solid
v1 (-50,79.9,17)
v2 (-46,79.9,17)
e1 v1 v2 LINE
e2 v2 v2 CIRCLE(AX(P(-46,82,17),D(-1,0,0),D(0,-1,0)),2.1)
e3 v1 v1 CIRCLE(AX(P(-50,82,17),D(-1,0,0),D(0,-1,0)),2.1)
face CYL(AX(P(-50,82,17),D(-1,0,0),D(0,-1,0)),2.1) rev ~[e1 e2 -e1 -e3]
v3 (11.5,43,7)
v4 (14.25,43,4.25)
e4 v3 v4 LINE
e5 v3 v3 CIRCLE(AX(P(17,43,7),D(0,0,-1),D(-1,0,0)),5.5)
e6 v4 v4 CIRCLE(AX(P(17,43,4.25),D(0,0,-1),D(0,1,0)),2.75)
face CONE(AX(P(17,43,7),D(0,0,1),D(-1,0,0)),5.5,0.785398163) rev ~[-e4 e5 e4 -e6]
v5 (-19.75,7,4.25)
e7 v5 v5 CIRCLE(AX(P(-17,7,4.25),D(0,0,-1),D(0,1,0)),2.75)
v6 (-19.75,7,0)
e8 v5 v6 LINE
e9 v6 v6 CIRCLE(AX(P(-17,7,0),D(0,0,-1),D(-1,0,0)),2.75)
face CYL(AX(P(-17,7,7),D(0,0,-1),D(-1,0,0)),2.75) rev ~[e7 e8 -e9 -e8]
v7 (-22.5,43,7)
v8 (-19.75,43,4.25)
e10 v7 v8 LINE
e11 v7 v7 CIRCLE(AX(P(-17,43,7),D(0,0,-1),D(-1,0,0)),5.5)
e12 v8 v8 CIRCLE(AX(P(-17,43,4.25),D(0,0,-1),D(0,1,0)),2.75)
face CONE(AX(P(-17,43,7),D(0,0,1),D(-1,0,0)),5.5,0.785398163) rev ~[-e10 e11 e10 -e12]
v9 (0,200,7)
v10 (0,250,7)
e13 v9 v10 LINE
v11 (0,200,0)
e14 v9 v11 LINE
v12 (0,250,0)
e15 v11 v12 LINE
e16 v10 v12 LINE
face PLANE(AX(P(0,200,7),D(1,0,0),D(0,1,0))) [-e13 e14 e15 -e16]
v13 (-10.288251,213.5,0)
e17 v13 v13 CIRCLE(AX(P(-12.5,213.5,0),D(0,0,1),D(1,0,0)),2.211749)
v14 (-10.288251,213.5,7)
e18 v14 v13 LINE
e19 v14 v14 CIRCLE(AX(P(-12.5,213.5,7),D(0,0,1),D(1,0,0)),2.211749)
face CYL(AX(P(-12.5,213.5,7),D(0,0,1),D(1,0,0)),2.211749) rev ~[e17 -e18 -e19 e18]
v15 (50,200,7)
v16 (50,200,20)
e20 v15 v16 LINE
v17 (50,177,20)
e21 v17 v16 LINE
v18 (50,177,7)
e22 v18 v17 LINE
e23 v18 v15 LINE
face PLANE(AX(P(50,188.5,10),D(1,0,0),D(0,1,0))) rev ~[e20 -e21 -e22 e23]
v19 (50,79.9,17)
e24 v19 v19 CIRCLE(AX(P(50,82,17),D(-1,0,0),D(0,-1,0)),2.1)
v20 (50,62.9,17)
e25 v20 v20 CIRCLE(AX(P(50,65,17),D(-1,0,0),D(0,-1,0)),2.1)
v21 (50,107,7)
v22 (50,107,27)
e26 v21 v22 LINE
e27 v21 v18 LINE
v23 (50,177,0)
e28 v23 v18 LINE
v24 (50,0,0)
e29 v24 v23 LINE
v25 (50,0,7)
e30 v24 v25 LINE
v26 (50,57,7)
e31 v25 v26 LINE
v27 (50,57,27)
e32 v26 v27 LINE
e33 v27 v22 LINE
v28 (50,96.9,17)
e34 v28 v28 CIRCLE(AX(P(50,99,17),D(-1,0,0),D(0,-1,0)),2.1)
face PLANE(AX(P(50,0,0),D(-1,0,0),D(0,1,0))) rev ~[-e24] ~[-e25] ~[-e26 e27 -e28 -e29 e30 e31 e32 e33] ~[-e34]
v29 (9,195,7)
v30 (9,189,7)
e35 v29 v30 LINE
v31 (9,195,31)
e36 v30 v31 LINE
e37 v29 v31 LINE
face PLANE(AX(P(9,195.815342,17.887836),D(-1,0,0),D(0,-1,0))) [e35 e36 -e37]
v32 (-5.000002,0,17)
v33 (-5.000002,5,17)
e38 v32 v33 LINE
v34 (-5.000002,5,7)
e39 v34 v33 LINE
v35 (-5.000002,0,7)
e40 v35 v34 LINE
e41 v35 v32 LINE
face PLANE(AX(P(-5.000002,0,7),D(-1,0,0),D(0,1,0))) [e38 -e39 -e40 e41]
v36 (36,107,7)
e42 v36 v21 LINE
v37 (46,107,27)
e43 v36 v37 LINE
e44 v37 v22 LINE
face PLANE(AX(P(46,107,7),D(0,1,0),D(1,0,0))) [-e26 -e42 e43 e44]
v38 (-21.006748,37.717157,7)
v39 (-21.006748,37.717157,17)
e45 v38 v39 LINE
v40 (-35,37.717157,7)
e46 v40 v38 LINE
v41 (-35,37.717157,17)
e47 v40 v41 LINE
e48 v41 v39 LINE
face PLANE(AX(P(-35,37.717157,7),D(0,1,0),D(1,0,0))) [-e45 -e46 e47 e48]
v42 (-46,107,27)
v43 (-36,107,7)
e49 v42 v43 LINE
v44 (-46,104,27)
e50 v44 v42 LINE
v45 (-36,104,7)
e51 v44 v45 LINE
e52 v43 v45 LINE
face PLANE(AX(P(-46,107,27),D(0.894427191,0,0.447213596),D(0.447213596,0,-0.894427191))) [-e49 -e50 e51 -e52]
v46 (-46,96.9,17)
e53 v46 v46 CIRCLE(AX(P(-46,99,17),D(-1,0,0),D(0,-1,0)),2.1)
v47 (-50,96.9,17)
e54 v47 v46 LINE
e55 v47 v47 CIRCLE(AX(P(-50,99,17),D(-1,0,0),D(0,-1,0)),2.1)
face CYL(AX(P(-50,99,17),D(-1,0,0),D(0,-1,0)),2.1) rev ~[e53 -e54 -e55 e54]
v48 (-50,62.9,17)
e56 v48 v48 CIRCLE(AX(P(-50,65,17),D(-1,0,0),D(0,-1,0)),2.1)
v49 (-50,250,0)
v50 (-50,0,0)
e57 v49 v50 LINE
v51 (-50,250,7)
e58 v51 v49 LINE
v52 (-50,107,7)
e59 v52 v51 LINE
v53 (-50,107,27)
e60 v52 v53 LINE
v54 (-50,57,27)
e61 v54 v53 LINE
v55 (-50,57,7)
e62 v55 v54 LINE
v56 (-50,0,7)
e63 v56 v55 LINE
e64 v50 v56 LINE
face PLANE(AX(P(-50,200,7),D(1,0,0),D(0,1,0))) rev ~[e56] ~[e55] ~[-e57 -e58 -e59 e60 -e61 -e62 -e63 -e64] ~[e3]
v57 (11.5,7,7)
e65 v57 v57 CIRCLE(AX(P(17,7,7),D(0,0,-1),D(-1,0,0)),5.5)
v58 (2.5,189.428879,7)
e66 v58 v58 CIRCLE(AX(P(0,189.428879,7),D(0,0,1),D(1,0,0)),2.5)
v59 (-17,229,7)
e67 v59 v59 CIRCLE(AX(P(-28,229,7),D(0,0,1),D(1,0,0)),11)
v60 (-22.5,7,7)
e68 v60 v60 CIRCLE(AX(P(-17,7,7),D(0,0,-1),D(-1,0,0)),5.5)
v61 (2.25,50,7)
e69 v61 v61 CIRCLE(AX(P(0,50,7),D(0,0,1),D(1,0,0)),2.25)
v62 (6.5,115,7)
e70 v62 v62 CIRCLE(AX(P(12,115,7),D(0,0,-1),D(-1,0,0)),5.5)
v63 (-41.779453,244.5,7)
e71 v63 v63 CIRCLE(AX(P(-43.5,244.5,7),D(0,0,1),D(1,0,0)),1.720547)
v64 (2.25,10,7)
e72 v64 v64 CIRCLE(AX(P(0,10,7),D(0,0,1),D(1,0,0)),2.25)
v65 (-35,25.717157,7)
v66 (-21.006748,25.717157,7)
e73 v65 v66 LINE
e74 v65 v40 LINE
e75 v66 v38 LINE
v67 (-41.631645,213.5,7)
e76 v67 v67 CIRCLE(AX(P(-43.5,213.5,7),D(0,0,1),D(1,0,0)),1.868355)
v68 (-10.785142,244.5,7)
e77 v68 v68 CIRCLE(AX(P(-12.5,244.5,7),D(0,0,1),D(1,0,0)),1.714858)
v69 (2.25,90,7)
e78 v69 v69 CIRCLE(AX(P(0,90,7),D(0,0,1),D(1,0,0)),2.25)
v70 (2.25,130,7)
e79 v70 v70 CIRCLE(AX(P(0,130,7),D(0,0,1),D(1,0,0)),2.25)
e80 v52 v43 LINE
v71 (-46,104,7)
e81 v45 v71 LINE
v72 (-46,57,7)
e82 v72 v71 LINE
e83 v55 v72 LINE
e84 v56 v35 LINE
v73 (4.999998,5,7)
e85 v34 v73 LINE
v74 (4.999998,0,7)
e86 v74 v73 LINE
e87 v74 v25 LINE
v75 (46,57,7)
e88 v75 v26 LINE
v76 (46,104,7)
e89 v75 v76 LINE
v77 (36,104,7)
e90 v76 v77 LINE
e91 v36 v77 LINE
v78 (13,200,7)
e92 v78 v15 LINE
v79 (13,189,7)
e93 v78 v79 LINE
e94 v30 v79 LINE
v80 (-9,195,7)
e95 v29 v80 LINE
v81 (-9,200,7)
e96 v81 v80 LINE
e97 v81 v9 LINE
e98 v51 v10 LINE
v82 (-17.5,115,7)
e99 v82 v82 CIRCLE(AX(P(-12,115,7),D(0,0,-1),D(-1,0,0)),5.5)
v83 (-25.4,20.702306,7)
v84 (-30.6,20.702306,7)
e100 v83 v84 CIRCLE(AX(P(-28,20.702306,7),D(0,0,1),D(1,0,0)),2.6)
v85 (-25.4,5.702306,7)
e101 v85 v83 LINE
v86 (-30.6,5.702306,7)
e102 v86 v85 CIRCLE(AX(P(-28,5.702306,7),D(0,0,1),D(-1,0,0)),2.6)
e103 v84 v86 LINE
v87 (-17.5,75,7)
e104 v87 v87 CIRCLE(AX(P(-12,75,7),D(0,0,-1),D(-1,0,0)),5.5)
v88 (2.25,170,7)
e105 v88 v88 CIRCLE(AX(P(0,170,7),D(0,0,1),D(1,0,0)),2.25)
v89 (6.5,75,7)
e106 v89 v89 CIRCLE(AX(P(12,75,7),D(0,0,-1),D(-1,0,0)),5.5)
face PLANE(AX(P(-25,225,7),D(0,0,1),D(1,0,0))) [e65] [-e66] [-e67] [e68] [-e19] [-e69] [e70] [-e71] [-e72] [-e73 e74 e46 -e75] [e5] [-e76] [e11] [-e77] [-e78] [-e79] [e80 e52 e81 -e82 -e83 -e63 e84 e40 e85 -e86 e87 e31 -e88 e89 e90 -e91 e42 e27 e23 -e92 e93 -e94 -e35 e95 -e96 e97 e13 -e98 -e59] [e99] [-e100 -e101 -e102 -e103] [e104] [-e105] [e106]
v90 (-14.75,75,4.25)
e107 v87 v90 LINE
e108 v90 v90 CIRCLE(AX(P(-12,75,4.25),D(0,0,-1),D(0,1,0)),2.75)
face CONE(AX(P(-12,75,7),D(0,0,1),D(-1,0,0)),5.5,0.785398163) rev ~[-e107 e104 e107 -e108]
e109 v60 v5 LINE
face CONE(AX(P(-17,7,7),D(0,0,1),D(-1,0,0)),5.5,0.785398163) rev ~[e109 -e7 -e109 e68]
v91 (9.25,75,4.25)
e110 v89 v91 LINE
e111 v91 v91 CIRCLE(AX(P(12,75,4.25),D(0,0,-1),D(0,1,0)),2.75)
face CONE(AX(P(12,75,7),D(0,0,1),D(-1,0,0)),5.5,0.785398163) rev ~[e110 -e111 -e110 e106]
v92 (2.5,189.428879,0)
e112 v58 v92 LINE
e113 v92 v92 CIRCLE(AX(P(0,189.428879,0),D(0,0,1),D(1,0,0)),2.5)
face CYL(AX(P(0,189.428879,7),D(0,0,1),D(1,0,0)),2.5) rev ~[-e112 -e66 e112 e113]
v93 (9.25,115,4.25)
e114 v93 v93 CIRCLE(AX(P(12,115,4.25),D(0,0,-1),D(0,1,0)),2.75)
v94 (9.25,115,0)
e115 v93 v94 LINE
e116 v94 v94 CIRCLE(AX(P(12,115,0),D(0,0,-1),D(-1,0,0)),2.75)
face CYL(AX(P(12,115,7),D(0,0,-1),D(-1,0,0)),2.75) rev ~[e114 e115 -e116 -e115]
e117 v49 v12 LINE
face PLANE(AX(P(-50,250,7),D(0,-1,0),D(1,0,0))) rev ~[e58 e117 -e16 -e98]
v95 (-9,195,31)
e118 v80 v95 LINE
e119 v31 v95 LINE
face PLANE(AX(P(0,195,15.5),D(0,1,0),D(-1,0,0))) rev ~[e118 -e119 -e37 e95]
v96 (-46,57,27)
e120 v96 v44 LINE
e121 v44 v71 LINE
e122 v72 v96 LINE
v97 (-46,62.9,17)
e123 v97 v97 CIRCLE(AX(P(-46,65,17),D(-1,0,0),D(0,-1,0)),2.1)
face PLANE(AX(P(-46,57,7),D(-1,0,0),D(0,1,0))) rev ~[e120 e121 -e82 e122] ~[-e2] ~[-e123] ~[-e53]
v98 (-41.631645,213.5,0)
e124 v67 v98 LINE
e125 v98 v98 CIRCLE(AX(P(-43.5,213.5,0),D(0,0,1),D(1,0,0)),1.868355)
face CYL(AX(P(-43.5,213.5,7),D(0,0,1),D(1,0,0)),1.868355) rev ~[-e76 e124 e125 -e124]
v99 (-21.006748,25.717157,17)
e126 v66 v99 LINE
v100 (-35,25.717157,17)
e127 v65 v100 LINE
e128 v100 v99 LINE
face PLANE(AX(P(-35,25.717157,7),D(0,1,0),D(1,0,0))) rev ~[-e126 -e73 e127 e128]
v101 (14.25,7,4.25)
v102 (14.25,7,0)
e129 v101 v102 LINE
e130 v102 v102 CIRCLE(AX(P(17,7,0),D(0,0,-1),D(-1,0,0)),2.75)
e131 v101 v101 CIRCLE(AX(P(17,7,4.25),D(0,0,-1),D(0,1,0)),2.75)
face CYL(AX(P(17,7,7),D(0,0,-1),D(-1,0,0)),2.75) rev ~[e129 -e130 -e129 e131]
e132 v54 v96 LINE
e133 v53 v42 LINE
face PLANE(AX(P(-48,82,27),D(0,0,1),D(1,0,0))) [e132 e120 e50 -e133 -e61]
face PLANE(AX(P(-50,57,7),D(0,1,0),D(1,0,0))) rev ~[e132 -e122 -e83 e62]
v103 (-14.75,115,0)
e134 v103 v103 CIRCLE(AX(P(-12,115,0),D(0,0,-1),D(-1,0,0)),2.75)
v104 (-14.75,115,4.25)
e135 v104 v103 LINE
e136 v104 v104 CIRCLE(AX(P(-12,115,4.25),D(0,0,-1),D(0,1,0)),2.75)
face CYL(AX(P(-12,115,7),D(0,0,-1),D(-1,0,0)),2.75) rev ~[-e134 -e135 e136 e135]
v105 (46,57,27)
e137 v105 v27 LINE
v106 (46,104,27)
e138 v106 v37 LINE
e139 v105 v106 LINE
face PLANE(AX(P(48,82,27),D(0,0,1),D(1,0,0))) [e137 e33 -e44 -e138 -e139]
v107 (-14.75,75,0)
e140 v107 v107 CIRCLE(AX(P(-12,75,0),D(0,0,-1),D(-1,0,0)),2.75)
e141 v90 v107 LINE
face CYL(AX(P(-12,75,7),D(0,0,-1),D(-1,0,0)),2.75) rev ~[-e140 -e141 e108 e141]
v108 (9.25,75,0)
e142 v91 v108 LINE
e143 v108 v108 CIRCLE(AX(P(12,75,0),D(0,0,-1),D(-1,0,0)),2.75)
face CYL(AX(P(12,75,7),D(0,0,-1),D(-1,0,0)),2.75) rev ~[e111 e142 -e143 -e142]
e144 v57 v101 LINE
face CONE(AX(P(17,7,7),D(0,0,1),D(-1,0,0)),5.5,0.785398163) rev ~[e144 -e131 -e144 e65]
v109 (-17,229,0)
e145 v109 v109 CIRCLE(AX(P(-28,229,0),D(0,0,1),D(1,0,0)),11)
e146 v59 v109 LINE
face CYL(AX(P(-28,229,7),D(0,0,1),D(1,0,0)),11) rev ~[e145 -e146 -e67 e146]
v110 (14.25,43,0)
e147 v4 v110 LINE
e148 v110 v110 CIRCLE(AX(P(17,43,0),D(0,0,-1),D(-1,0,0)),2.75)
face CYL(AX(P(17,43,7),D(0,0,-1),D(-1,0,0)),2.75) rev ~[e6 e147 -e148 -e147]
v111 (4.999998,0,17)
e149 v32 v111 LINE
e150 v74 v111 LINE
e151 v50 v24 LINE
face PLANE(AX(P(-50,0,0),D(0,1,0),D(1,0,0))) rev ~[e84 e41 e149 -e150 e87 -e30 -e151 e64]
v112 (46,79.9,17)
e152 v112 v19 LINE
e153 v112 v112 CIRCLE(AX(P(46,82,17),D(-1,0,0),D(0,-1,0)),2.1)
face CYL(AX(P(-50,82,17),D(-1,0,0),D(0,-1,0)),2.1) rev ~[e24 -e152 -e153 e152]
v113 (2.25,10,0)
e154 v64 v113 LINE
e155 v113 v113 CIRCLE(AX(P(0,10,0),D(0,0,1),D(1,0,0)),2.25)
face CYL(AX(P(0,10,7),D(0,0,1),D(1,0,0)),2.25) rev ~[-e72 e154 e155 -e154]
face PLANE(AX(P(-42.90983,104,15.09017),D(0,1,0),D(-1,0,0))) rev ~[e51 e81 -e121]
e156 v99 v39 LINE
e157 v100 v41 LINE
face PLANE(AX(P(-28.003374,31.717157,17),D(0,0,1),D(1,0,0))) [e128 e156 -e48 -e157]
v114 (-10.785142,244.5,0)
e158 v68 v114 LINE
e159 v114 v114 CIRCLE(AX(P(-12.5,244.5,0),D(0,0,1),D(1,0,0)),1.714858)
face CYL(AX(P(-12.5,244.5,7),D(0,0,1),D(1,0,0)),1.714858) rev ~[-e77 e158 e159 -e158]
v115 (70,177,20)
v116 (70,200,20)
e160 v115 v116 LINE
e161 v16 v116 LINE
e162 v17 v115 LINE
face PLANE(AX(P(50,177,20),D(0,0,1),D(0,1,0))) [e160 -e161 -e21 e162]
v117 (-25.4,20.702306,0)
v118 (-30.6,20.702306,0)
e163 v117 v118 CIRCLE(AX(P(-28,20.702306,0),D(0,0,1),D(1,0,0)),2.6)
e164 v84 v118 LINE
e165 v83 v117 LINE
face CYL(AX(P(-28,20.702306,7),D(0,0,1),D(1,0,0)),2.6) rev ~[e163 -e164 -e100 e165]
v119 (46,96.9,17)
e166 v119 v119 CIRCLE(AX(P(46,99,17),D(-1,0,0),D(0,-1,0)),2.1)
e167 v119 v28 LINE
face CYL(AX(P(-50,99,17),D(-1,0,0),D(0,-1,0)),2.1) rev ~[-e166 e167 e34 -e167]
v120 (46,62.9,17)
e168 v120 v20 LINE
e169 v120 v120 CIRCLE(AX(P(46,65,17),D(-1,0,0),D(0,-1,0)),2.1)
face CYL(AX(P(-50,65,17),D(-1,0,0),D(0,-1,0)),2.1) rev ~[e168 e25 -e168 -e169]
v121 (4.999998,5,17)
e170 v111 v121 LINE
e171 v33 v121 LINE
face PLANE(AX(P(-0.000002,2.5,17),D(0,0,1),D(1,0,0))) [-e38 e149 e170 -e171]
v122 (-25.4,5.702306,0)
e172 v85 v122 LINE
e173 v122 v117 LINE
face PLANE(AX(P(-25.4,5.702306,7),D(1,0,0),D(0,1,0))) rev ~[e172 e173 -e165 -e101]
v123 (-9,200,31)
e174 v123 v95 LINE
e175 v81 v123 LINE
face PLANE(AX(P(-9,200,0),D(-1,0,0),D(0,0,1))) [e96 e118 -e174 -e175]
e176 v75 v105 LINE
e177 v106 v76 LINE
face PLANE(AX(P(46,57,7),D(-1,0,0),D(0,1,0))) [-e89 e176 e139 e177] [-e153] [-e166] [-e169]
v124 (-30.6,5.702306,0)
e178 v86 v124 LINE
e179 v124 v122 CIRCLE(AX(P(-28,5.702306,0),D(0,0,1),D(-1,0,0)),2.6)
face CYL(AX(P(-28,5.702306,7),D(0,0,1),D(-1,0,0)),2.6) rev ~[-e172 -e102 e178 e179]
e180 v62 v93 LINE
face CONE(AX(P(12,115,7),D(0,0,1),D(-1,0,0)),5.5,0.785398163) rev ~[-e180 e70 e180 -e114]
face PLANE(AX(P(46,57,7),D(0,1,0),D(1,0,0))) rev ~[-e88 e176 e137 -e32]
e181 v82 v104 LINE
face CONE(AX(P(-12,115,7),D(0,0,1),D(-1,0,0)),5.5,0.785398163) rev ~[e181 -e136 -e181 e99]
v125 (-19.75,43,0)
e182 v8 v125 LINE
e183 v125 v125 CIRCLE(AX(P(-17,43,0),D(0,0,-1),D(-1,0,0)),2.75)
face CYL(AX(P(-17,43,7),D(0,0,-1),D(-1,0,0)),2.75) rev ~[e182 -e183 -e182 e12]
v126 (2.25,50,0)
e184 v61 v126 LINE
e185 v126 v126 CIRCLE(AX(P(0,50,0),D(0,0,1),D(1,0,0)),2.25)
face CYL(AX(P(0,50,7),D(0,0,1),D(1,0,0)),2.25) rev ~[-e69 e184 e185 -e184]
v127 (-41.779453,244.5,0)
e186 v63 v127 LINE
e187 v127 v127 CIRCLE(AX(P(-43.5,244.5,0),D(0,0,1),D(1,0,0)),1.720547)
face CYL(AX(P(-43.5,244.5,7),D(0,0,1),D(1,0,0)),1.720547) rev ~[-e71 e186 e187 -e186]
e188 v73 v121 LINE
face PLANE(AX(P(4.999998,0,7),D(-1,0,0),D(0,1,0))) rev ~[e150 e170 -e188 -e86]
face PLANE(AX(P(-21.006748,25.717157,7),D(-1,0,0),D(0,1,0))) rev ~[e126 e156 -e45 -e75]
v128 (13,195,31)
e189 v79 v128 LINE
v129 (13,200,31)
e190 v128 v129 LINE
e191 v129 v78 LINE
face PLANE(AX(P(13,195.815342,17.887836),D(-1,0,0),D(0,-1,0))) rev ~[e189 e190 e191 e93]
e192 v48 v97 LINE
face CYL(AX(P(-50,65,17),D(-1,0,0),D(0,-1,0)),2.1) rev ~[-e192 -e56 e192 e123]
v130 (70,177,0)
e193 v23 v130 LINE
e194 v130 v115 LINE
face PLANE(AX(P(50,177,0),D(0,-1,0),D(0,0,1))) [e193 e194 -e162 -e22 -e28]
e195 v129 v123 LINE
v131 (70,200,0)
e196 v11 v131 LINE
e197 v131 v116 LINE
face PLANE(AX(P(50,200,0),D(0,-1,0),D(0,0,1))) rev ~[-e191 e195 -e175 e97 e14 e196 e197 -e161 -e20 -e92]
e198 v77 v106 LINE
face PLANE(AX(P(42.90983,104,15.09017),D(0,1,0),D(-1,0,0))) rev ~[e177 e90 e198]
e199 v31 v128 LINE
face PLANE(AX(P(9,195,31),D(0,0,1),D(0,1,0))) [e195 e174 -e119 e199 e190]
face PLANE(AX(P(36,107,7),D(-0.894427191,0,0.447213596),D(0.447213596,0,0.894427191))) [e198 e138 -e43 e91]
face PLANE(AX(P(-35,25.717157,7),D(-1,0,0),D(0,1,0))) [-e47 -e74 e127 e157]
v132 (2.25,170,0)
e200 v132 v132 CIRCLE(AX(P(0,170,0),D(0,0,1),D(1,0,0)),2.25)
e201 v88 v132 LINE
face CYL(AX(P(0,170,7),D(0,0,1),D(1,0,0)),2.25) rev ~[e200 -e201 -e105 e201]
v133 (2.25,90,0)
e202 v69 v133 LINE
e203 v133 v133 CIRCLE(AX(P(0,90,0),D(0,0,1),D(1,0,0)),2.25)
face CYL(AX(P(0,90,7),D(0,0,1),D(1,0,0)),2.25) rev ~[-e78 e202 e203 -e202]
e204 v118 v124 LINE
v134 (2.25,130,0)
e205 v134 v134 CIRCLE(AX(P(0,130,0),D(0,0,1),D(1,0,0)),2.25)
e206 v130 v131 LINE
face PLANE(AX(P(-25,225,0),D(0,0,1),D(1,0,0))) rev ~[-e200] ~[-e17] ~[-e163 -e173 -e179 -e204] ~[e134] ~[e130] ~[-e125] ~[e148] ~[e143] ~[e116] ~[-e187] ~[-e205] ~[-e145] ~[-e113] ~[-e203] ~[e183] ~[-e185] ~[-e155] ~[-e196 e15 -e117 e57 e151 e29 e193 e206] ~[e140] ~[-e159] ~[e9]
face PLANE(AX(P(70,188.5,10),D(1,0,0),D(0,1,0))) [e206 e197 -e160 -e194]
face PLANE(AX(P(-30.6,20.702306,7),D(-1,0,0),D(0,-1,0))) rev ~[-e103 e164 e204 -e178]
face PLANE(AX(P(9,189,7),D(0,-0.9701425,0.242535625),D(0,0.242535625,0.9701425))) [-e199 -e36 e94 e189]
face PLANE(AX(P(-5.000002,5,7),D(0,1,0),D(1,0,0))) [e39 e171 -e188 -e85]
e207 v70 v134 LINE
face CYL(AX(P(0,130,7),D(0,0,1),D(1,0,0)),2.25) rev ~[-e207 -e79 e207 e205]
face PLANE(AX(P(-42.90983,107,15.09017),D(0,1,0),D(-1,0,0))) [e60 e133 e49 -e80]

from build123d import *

# Parameters (mm, degrees)
SKETCH_W         = 100
SKETCH_H         = 200
PAD_DEPTH        = 7
HOLE_D           = 5.5
HOLE_CSINK_D     = 11
HOLE_CSINK_ANGLE = 90
SKETCH002_R      = 2.25
HOLE001_DEPTH    = 7.001
SKETCH003_W      = 10
SKETCH003_H      = 5
PAD001_DEPTH     = 10
SKETCH005_W      = 4
SKETCH005_H      = 50
PAD002_DEPTH     = 20
PAD009_DEPTH     = 3
PAD010_DEPTH     = 3
SKETCH019_W      = 13.993252
SKETCH019_H      = 12
PAD011_DEPTH     = 10
SKETCH020_R      = 2
POCKET001_DEPTH  = 14
SKETCH022_W      = 18
SKETCH022_H      = 31
PAD012_DEPTH     = 5
PAD013_DEPTH     = 4
SKETCH024_R      = 2.5
POCKET003_DEPTH  = 7
SKETCH026_W      = 23
SKETCH026_H      = 20
PAD014_DEPTH     = 20
SKETCH034_R      = 2.1
POCKET008_DEPTH  = 120
SKETCH035_W      = 50
SKETCH035_H      = 50
SKETCH035_R      = 11
SKETCH035_R_2    = 1.720547
SKETCH035_R_3    = 1.714858
SKETCH035_R_4    = 2.211749
SKETCH035_R_5    = 1.868355
PAD015_DEPTH     = 7
POCKET_DEPTH     = 7


with BuildPart() as part:
    # Sketch → Pad (new body)
    with BuildSketch(Plane.XY):
        with Locations((0, 100)):
            Rectangle(SKETCH_W, SKETCH_H)
    extrude(amount=PAD_DEPTH)

    # Hole (through all)
    with Locations(Plane.XY.offset(7)):
        with Locations((17, 7), (17, 43), (-17, 43), (-17, 7), (12, 115), (12, 75), (-12, 115), (-12, 75)):
            CounterSinkHole(HOLE_D / 2, HOLE_CSINK_D / 2, counter_sink_angle=HOLE_CSINK_ANGLE)

    # Sketch002 (on Face5 of Hole) → Hole001 (cut, through all)
    with BuildSketch(Plane.XY.offset(7)):
        with Locations((0, 10)):
            Circle(SKETCH002_R)
        with Locations((0, 50)):
            Circle(SKETCH002_R)
        with Locations((0, 90)):
            Circle(SKETCH002_R)
        with Locations((0, 130)):
            Circle(SKETCH002_R)
        with Locations((0, 170)):
            Circle(SKETCH002_R)
    extrude(amount=-HOLE001_DEPTH, mode=Mode.SUBTRACT)

    # Sketch003 (on Face5 of Hole001) → Pad001 (join)
    with BuildSketch(Plane.XY.offset(7)):
        with Locations((-2e-06, 2.5)):
            Rectangle(SKETCH003_W, SKETCH003_H)
    extrude(amount=PAD001_DEPTH)

    # Sketch005 (on DatumPlane) → Pad002 (join)
    with BuildSketch(Plane.XY.offset(7)):
        with Locations((-48, 82)):
            Rectangle(SKETCH005_W, SKETCH005_H)
        with Locations((48, 82)):
            Rectangle(SKETCH005_W, SKETCH005_H)
    extrude(amount=PAD002_DEPTH)

    # Sketch017 (on DatumPlane) → Pad009 (join)
    with BuildSketch(Plane(origin=(0, 107, 0), x_dir=(-1, 0, 0), z_dir=(0, 1, 0))):
        Polygon((46, 7), (46, 27), (36, 7), align=None)
        Polygon((-46, 27), (-46, 7), (-36, 7), align=None)
    extrude(amount=-PAD009_DEPTH)

    # Sketch018 (on DatumPlane) → Pad010 (join)
    with BuildSketch(Plane(origin=(0, 107, 0), x_dir=(-1, 0, 0), z_dir=(0, 1, 0))):
        Polygon((-46, 7), (-46, 27), (-36, 7), align=None)
        Polygon((46, 7), (46, 26.679939), (36, 7), align=None)
    extrude(amount=-PAD010_DEPTH)

    # Sketch019 (on Face5 of Pad010) → Pad011 (join)
    with BuildSketch(Plane.XY.offset(7)):
        with Locations((-28.003374, 31.717157)):
            Rectangle(SKETCH019_W, SKETCH019_H)
    extrude(amount=PAD011_DEPTH)

    # Sketch020 (on DatumPlane) → Pocket001 (cut)
    with BuildSketch(Plane.XZ.offset(-25.717157)):
        with Locations((28, 12)):
            Circle(SKETCH020_R)
    extrude(amount=-POCKET001_DEPTH, mode=Mode.SUBTRACT)

    # Sketch022 → Pad012 (join)
    with BuildSketch(Plane(origin=(0, 200, 0), x_dir=(-1, 0, 0), z_dir=(0, 1, 0))):
        with Locations((0, 15.5)):
            Rectangle(SKETCH022_W, SKETCH022_H)
    extrude(amount=-PAD012_DEPTH)

    # Sketch023 (on DatumPlane) → Pad013 (join)
    with BuildSketch(Plane.YZ.offset(9)):
        Polygon((200, 7), (189, 7), (195, 31), (200, 31), align=None)
    extrude(amount=PAD013_DEPTH)

    # Sketch024 (on Face5 of Pad013) → Pocket003 (cut)
    with BuildSketch(Plane.XY.offset(7)):
        with Locations((0, 189.428879)):
            Circle(SKETCH024_R)
    extrude(amount=-POCKET003_DEPTH, mode=Mode.SUBTRACT)

    # Sketch026 (on DatumPlane) → Pad014 (join)
    with BuildSketch(Plane.YZ.offset(50)):
        with Locations((188.5, 10)):
            Rectangle(SKETCH026_W, SKETCH026_H)
    extrude(amount=PAD014_DEPTH)

    # Sketch034 (on DatumPlane) → Pocket008 (cut)
    with BuildSketch(Plane(origin=(-50, 0, 0), x_dir=(0, -1, 0), z_dir=(-1, 0, 0))):
        with Locations((-99, 17)):
            Circle(SKETCH034_R)
        with Locations((-82, 17)):
            Circle(SKETCH034_R)
        with Locations((-65, 17)):
            Circle(SKETCH034_R)
    extrude(amount=-POCKET008_DEPTH, mode=Mode.SUBTRACT)

    # Sketch035 (on DatumPlane) → Pad015 (join)
    with BuildSketch(Plane.XY.offset(7)):
        with Locations((-25, 225)):
            Rectangle(SKETCH035_W, SKETCH035_H)
        with Locations((-28, 229)):
            Circle(SKETCH035_R, mode=Mode.SUBTRACT)
        with Locations((-43.5, 244.5)):
            Circle(SKETCH035_R_2, mode=Mode.SUBTRACT)
        with Locations((-12.5, 244.5)):
            Circle(SKETCH035_R_3, mode=Mode.SUBTRACT)
        with Locations((-12.5, 213.5)):
            Circle(SKETCH035_R_4, mode=Mode.SUBTRACT)
        with Locations((-43.5, 213.5)):
            Circle(SKETCH035_R_5, mode=Mode.SUBTRACT)
    extrude(amount=-PAD015_DEPTH)

    # Sketch036 (on DatumPlane) → Pocket (cut)
    with BuildSketch(Plane.XY.offset(7)):
        with BuildLine():
            ThreePointArc((-25.4, 20.702306), (-28, 23.302306), (-30.6, 20.702306))
            Line((-30.6, 20.702306), (-30.6, 5.702306))
            ThreePointArc((-30.6, 5.702306), (-28, 3.102306), (-25.4, 5.702306))
            Line((-25.4, 5.702306), (-25.4, 20.702306))
        make_face()
    extrude(amount=-POCKET_DEPTH, mode=Mode.SUBTRACT)


solid = part.part
